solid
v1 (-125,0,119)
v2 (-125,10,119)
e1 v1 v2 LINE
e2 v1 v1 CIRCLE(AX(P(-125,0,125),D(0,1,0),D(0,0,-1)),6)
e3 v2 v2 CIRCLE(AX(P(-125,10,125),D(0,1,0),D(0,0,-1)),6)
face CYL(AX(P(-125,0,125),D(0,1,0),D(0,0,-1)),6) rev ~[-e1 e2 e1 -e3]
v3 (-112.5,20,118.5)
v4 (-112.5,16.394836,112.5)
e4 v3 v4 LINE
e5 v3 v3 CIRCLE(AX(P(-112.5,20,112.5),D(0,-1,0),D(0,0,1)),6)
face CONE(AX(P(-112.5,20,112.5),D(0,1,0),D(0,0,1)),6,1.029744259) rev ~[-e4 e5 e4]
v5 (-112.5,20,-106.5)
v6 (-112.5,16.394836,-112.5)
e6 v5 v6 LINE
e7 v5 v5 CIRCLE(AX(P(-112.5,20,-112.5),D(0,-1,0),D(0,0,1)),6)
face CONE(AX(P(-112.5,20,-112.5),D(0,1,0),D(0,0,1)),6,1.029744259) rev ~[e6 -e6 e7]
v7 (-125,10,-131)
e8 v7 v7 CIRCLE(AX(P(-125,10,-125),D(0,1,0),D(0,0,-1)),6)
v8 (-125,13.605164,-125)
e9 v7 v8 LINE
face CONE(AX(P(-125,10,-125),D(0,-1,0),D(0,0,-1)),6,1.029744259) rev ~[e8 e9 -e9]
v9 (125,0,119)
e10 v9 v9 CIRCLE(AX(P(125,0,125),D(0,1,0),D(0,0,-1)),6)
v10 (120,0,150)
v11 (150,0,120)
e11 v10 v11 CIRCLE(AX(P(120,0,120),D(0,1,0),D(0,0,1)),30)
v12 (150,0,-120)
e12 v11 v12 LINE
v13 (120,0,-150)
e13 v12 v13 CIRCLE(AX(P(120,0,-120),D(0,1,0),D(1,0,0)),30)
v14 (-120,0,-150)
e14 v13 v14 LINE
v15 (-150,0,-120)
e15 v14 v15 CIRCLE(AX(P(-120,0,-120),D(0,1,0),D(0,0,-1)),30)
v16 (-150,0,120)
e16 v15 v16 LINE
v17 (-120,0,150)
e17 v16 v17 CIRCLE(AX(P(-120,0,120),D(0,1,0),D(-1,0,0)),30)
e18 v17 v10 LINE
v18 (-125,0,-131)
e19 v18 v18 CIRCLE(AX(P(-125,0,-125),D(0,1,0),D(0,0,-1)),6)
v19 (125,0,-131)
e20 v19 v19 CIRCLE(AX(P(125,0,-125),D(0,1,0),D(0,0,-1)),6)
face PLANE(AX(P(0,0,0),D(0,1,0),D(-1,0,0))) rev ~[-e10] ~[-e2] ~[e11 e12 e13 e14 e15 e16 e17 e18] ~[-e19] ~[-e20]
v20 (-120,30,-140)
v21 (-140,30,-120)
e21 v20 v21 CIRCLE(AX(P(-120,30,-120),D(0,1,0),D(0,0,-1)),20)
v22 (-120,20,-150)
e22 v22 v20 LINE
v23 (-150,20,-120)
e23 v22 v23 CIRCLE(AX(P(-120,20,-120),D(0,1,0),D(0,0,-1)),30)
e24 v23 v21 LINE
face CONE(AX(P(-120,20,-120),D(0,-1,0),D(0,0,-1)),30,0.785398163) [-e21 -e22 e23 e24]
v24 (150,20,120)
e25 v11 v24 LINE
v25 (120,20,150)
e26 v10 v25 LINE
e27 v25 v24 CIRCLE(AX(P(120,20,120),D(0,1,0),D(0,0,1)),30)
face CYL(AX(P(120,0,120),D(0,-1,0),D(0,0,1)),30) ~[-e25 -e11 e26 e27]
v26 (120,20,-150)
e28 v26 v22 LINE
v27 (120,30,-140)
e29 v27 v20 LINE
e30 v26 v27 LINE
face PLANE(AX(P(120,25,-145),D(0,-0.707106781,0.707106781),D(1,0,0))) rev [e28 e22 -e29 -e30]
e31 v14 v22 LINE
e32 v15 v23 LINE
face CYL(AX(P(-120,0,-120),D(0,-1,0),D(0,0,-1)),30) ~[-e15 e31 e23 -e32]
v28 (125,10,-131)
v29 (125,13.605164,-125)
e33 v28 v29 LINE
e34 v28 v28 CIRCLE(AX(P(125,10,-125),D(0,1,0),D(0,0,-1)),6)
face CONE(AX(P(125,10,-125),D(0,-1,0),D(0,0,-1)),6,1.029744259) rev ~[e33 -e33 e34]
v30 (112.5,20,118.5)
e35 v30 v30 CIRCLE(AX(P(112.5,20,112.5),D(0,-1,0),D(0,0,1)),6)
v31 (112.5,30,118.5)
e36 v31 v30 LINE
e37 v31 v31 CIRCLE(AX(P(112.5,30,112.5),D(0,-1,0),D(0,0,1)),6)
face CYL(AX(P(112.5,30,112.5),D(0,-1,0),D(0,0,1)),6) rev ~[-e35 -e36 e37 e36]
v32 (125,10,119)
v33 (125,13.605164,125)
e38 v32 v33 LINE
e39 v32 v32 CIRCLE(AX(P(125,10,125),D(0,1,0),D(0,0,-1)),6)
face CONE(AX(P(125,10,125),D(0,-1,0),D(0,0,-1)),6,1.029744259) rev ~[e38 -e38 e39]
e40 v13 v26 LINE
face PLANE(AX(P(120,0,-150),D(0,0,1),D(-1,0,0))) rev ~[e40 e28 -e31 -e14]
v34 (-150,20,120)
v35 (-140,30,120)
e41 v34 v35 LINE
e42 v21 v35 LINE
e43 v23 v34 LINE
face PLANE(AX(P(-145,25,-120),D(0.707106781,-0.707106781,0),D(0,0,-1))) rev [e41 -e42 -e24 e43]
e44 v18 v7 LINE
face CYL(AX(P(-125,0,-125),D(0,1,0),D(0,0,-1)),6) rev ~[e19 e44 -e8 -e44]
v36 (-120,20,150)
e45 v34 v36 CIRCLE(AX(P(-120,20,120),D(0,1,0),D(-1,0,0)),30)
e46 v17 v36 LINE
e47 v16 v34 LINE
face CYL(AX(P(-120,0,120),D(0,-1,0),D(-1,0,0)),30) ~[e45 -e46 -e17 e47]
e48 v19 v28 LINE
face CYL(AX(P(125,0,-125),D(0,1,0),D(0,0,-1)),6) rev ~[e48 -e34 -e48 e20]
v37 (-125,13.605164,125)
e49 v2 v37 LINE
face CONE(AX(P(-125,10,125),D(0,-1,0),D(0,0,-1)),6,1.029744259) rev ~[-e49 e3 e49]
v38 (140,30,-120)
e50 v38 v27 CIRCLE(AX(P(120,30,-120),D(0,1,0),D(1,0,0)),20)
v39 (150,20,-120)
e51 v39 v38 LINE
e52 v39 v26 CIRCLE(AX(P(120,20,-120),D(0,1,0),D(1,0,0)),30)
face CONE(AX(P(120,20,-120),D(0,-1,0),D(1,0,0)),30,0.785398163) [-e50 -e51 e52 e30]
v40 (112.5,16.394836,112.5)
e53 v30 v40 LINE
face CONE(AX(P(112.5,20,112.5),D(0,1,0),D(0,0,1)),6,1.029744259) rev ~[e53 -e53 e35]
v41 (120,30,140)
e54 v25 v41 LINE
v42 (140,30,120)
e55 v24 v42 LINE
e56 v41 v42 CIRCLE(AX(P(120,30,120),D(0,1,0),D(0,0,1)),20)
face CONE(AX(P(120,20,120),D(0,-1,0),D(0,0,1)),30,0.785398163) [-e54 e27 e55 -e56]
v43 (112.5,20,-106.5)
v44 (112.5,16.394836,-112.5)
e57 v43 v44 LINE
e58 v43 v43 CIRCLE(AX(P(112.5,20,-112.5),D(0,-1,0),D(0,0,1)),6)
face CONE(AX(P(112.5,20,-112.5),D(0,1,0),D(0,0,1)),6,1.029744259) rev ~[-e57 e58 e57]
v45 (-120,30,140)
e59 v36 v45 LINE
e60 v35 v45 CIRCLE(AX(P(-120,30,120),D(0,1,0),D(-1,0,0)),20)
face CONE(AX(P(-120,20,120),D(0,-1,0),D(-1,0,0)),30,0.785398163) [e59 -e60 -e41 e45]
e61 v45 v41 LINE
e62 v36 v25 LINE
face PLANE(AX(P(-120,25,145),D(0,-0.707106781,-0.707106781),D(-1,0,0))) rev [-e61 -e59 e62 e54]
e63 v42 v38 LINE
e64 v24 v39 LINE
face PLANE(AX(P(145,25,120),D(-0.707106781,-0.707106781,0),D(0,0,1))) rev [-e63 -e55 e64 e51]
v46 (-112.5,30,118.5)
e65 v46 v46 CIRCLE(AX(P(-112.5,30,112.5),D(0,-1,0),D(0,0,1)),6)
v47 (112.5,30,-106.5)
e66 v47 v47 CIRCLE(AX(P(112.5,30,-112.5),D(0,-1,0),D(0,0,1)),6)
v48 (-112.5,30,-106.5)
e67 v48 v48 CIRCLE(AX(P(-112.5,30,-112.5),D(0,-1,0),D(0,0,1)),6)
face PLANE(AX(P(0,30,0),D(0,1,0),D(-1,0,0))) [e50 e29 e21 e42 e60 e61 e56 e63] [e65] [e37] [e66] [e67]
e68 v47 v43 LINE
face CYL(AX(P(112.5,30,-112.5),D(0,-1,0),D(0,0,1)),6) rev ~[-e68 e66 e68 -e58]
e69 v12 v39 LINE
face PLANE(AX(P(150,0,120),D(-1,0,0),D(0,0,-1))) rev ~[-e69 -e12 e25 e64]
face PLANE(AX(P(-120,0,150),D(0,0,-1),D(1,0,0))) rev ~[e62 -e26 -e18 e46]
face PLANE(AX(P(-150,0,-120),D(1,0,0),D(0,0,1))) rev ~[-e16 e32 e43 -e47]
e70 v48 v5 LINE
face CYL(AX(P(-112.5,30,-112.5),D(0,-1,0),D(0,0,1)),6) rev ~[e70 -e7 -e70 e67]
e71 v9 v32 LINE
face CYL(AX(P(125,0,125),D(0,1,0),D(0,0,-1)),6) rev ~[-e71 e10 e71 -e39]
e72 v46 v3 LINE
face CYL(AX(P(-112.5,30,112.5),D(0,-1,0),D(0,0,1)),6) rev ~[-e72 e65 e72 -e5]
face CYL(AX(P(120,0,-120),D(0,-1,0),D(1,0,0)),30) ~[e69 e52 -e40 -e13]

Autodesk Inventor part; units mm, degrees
ref_plane "YZ Plane" through (0, 0, 0) normal (1, 0, 0) x (0, 1, 0)
ref_plane "XZ Plane" through (0, 0, 0) normal (0, 1, 0) x (-1, 0, 0)
ref_plane "XY Plane" through (0, 0, 0) normal (0, 0, 1) x (1, 0, 0)
sketch "草圖1" plane through (0, 0, 0) normal (0, 1, 0) x (-1, 0, 0)
  line L0 (120, 150) -> (-120, 150)
  line L1 (-150, 120) -> (-150, -120)
  line L2 (-120, -150) -> (120, -150)
  line L3 (150, -120) -> (150, 120)
  arc A0 (-120, 150) -> (-150, 120) centre (-120, 120) ccw
  arc A1 (150, 120) -> (120, 150) centre (120, 120) ccw
  arc A2 (120, -150) -> (150, -120) centre (120, -120) ccw
  arc A3 (-150, -120) -> (-120, -150) centre (-120, -120) ccw
  point P0 (0, 0)
  point P1 (150, 150)
  point P2 (150, -150)
  point P3 (150, 0)
  point P4 (0, -150)
  dimension "d0" = 300
  dimension "d1" = 30
extrude "擠出1" add sketch "草圖1" along normal blind 30
chamfer "倒角1" distance 10 angle 45 8 edges at (150, 30, 0) (141.2132, 30, -141.2132) (0, 30, -150) (-141.2132, 30, -141.2132) (-150, 30, 0) (-141.2132, 30, 141.2132) (0, 30, 150) (141.2132, 30, 141.2132)
sketch "草圖2" plane through (0, 30, 0) normal (0, 1, 0) x (1, 0, 0)
  line L0 (140, 120) -> (140, -120) construction
  arc A0 (140, 120) -> (120, 140) centre (120, 120) ccw construction
  line L1 (-120, 140) -> (120, 140) construction
  arc A1 (-120, 140) -> (-140, 120) centre (-120, 120) ccw construction
  line L2 (-140, -120) -> (-140, 120) construction
  arc A2 (-140, -120) -> (-120, -140) centre (-120, -120) ccw construction
  line L3 (120, -140) -> (-120, -140) construction
  arc A3 (120, -140) -> (140, -120) centre (120, -120) ccw construction
  line L4 (-112.5, -112.5) -> (112.5, -112.5) construction
  line L5 (112.5, -112.5) -> (112.5, 112.5) construction
  line L6 (112.5, 112.5) -> (-112.5, 112.5) construction
  line L7 (-112.5, 112.5) -> (-112.5, -112.5) construction
  point P0 (0, 0)
  point P1 (-112.5, 0)
  point P2 (0, -112.5)
  dimension "d7" = 225
hole "孔1" at (-112.5, 30, 112.5) at (112.5, 30, 112.5) at (112.5, 30, -112.5) at (-112.5, 30, -112.5) direction (0, -1, 0) diameter 12 depth 10 tip angle 118
sketch "草圖3" plane through (0, 0, 0) normal (0, -1, 0) x (1, 0, 0)
  line L0 (125, 125) -> (-125, 125) construction
  line L1 (-125, 125) -> (-125, -125) construction
  line L2 (-125, -125) -> (125, -125) construction
  line L3 (125, -125) -> (125, 125) construction
  point P0 (0, 0)
  point P1 (125, 0)
  point P2 (0, -125)
  dimension "d15" = 250
hole "孔2" at (125, 0, 125) at (-125, 0, 125) at (-125, 0, -125) at (125, 0, -125) direction (0, 1, 0) diameter 12 depth 10 tip angle 118
properties part number "P8"
